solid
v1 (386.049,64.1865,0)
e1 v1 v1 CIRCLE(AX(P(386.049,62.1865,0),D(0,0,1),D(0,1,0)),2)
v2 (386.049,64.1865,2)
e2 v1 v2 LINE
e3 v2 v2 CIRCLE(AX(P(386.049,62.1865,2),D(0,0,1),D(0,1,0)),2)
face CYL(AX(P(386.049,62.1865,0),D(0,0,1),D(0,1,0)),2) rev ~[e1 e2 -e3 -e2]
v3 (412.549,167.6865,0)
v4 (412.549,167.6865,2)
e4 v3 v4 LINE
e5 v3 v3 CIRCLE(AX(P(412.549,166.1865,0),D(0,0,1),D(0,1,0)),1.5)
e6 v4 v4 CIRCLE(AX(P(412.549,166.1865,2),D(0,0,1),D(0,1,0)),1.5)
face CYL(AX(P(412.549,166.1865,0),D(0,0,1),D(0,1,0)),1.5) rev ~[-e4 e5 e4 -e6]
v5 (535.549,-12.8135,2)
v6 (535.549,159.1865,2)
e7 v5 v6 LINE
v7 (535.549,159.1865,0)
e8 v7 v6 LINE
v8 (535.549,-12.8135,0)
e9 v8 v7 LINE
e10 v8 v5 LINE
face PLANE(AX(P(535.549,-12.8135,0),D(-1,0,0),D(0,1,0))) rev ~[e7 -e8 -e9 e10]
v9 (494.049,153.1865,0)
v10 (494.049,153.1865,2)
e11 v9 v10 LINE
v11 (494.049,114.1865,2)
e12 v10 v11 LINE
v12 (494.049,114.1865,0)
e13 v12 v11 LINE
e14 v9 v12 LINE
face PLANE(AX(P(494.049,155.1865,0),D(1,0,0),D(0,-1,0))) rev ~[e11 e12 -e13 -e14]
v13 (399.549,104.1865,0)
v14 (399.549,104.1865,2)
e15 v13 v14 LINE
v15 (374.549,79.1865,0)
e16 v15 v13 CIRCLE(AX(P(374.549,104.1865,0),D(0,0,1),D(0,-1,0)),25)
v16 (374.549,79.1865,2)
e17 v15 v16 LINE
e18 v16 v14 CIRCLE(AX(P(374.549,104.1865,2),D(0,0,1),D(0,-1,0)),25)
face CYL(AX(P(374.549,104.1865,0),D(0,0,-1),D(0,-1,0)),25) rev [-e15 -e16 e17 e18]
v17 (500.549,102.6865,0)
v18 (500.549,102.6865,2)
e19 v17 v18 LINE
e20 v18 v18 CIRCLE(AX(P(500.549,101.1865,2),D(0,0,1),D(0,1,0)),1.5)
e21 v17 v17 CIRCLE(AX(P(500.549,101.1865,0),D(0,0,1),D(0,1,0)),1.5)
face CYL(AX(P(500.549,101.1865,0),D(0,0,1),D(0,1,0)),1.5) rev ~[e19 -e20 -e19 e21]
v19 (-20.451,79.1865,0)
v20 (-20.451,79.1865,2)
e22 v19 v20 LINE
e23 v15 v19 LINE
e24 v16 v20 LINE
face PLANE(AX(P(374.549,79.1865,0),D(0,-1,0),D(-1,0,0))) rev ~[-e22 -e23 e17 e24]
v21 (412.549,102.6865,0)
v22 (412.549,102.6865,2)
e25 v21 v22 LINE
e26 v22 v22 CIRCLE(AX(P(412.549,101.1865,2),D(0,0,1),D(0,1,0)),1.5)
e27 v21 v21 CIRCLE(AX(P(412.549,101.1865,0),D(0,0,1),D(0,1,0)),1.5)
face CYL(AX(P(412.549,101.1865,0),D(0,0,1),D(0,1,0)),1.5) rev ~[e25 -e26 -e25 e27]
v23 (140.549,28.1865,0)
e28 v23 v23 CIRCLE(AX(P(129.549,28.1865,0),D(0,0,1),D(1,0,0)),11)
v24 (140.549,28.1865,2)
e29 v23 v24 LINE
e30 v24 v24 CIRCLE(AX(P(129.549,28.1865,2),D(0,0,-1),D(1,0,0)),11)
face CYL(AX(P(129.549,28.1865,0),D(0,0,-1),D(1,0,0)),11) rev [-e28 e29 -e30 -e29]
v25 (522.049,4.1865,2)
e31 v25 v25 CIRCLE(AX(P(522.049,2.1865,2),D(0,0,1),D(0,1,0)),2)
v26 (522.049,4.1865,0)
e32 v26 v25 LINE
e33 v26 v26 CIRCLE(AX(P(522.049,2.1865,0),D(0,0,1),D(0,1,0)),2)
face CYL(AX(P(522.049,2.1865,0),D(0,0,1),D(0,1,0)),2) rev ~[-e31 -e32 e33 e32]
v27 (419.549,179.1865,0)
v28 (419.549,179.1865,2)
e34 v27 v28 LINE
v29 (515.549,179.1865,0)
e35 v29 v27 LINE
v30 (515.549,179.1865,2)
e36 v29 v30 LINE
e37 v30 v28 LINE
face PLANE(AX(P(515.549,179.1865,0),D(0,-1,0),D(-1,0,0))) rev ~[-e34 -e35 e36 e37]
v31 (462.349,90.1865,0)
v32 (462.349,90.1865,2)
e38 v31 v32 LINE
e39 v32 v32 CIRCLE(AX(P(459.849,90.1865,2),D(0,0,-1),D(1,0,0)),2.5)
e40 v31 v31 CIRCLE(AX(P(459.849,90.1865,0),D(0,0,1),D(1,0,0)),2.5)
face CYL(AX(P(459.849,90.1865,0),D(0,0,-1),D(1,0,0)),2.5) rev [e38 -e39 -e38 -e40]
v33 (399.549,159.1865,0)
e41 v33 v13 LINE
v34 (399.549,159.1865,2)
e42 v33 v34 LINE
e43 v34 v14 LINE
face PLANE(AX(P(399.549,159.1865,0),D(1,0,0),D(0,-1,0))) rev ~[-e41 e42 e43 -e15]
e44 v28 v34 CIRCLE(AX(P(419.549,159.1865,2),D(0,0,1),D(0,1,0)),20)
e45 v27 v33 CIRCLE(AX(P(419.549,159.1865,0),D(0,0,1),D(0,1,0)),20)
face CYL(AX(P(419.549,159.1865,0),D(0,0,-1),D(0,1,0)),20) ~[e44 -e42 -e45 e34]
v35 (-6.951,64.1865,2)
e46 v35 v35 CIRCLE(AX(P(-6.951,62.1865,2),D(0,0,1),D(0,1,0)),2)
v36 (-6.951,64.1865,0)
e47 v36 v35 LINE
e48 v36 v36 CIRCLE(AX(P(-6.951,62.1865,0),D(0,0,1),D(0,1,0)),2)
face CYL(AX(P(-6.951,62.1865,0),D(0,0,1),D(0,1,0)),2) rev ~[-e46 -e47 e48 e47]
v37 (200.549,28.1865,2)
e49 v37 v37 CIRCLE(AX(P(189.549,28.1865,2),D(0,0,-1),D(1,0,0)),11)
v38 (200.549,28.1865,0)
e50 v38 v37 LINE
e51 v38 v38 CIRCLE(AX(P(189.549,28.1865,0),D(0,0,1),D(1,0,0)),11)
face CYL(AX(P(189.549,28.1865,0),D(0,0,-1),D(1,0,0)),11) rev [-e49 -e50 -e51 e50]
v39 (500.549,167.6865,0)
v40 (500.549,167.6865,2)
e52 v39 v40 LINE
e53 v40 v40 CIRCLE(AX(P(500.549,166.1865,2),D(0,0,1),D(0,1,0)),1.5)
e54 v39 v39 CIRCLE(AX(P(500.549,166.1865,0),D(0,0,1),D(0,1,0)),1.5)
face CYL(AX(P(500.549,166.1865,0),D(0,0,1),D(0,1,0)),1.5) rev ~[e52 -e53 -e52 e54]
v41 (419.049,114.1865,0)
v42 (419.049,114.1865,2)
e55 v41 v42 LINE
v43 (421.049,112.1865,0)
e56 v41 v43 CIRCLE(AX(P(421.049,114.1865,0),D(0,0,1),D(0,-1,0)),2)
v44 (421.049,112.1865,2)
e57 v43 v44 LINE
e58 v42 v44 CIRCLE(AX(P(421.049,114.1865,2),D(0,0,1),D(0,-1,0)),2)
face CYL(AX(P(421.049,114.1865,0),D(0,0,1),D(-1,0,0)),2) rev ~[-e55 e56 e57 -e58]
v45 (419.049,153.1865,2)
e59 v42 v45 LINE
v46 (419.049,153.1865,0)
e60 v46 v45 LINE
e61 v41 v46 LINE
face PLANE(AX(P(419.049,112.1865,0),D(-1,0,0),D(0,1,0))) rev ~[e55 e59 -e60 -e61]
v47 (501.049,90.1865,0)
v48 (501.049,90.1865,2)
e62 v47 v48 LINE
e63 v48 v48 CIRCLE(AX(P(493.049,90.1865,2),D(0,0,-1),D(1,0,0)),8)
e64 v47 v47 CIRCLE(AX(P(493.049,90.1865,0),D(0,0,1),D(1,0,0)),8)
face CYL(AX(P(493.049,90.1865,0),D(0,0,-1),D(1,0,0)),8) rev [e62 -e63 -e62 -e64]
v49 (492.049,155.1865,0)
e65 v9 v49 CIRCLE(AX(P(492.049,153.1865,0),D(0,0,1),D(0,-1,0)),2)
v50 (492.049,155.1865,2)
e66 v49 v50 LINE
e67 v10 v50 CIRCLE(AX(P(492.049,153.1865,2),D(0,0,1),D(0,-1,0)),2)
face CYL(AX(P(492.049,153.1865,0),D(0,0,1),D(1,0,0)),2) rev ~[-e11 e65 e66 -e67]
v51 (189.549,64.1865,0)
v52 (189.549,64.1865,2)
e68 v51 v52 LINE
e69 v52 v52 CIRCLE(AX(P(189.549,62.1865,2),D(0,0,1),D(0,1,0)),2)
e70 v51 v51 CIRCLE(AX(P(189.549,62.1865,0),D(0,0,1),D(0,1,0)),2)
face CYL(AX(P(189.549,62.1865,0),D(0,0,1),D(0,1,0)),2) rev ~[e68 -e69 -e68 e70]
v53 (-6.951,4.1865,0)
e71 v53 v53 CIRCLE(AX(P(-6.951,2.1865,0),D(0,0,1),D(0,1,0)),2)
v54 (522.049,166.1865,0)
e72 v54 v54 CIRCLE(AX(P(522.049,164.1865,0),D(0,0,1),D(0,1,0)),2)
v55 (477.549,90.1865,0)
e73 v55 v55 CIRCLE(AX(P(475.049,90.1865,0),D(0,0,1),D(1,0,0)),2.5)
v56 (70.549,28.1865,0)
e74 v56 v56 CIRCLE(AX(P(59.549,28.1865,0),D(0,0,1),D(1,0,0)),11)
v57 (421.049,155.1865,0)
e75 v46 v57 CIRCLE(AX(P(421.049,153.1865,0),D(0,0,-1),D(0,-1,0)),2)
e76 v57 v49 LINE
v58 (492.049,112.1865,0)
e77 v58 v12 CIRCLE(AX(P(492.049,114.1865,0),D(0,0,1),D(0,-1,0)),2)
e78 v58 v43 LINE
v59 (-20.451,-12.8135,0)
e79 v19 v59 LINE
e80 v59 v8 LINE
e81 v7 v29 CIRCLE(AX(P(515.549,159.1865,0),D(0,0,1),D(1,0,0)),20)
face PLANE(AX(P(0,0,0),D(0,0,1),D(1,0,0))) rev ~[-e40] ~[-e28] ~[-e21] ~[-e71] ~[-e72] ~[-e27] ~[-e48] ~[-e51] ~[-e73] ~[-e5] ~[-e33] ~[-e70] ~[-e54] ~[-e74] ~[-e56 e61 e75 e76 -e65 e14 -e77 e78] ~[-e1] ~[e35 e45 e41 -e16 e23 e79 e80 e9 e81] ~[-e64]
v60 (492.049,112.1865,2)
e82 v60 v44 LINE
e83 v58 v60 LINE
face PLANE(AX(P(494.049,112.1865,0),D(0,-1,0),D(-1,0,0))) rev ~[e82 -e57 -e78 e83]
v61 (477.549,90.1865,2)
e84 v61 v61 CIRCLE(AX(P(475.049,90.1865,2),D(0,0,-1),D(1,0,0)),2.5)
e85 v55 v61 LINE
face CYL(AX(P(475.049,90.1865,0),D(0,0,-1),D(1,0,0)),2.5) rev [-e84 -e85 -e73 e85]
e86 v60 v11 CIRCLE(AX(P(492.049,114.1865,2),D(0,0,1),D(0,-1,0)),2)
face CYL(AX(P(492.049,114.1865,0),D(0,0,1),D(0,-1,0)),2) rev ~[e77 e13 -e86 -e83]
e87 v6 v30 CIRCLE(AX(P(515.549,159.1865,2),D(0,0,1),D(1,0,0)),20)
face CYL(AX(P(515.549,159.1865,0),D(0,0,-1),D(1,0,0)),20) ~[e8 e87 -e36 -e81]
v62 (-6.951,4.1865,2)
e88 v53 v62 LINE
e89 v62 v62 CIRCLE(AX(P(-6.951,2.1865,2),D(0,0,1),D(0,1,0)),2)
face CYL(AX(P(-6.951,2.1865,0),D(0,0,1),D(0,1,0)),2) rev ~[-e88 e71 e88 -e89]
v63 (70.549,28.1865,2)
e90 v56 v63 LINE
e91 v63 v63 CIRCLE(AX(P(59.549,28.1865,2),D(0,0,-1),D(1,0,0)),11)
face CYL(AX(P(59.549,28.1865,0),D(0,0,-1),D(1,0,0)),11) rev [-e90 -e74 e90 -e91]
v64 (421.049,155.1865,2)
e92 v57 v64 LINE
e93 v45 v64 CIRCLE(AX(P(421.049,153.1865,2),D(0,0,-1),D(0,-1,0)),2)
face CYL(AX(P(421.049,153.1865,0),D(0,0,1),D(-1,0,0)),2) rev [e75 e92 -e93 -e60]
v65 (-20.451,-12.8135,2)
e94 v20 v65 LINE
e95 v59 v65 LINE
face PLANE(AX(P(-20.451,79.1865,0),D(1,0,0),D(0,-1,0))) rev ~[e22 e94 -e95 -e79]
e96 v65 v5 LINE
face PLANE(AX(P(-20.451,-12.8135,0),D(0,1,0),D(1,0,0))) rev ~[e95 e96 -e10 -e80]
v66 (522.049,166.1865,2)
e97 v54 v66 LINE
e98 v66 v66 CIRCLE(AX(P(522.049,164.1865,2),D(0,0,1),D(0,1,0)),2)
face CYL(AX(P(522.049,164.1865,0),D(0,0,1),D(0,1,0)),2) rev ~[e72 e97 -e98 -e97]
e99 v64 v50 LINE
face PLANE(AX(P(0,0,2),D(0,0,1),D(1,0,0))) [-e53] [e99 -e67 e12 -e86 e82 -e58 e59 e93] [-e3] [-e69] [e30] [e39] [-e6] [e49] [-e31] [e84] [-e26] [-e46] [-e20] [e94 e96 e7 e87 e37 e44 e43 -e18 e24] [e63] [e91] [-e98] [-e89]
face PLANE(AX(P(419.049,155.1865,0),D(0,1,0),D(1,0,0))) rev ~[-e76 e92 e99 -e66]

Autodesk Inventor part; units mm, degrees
ref_plane "YZ Plane" through (0, 0, 0) normal (1, 0, 0) x (0, 1, 0)
ref_plane "XZ Plane" through (0, 0, 0) normal (0, 1, 0) x (-1, 0, 0)
ref_plane "XY Plane" through (0, 0, 0) normal (0, 0, 1) x (1, 0, 0)
sketch "Szkic1" plane through (0, 0, 0) normal (0, 0, 1) x (1, 0, 0)
  line L0 (-20.451, -12.8135) -> (535.549, -12.8135)
  line L1 (535.549, -12.8135) -> (535.549, 159.1865)
  line L2 (515.549, 179.1865) -> (419.549, 179.1865)
  line L3 (399.549, 159.1865) -> (399.549, 104.1865)
  line L4 (374.549, 79.1865) -> (-20.451, 79.1865)
  line L5 (-20.451, 79.1865) -> (-20.451, -12.8135)
  line L6 (419.049, 155.1865) -> (494.049, 155.1865)
  line L7 (494.049, 155.1865) -> (494.049, 112.1865)
  line L8 (494.049, 112.1865) -> (419.049, 112.1865)
  line L9 (419.049, 112.1865) -> (419.049, 155.1865)
  arc A0 (374.549, 79.1865) -> (399.549, 104.1865) centre (374.549, 104.1865) ccw
  arc A1 (419.549, 179.1865) -> (399.549, 159.1865) centre (419.549, 159.1865) ccw
  arc A2 (535.549, 159.1865) -> (515.549, 179.1865) centre (515.549, 159.1865) ccw
  circle A3 centre (493.049, 90.1865) radius 8
  circle A4 centre (475.049, 90.1865) radius 2.5
  circle A5 centre (459.849, 90.1865) radius 2.5
  circle A6 centre (189.549, 28.1865) radius 11
  circle A7 centre (129.549, 28.1865) radius 11
  circle A8 centre (59.549, 28.1865) radius 11
  point P0 (0, 0)
  point P1 (535.549, 179.1865)
  point P2 (399.549, 179.1865)
  point P3 (399.549, 79.1865)
  point P4 (500.549, 166.1865)
  point P5 (500.549, 101.1865)
  point P6 (412.549, 101.1865)
  point P7 (412.549, 166.1865)
  point P8 (386.049, 62.1865)
  point P9 (522.049, 164.1865)
  point P10 (522.049, 2.1865)
  point P11 (-6.951, 2.1865)
  point P12 (-6.951, 62.1865)
  point P13 (189.549, 62.1865)
  dimension "d0" = 556
  dimension "d1" = 92
  dimension "d2" = 100
  dimension "d3" = 136
  dimension "d6" = 75
  dimension "d7" = 43
  dimension "d8" = 24
  dimension "d12" = 25
  dimension "d13" = 20
  dimension "d14" = 20
  dimension "d15" = 41.5
  dimension "d18" = 6.5
  dimension "d19" = 6.5
  dimension "d20" = 6.5
  dimension "d21" = 6.5
  dimension "d22" = 11
  dimension "d23" = 11
  dimension "d24" = 11
  dimension "d25" = 11
  dimension "d33" = 16
  dimension "d34" = 5
  dimension "d35" = 5
  dimension "d40" = 18
  dimension "d41" = 15.2
  dimension "d44" = 13.5
  dimension "d45" = 13.5
  dimension "d46" = 13.5
  dimension "d47" = 13.5
  dimension "d48" = 17
  dimension "d49" = 17
  dimension "d50" = 17
  dimension "d58" = 15
  dimension "d59" = 15
  dimension "d60" = 15
  dimension "d61" = 13.5
  dimension "d62" = 393
  dimension "d63" = 196.5
  dimension "d64" = 22
  dimension "d65" = 22
  dimension "d66" = 22
  dimension "d67" = 41
  dimension "d68" = 41
  dimension "d69" = 41
  dimension "d71" = 70
  dimension "d72" = 60
  dimension "d73" = 80
  dimension "d74" = 88
  dimension "d75" = 65
  dimension "d79" = 65
  dimension "d80" = 7.5
  dimension "d81" = 11
  dimension "d82" = 11
  dimension "d83" = 11
extrude "Wyciągnięcie proste2" add sketch "Szkic1" along normal blind 2 contours L5 L4 A0 L3 A1 L2 A2 L1 L0 | A3 | A4 | A5 | A6 | A7 | A8
fillet "Zaokrąglenie1" radius 2 4 edges at (419.049, 112.1865, 1) (494.049, 112.1865, 1) (494.049, 155.1865, 1) (419.049, 155.1865, 1)
hole "Otwór1" at (500.549, 166.1865, 0) at (500.549, 101.1865, 0) at (412.549, 101.1865, 0) at (412.549, 166.1865, 0) direction (0, 0, 1) diameter 3 end through all
extrude "Wyciągnięcie proste3" cut sketch "Szkic1" along normal blind 10 contours A3 | A4 | A5 | A6 | A7 | A8
hole "Otwór2" at (386.049, 62.1865, 0) at (522.049, 164.1865, 0) at (522.049, 2.1865, 0) at (-6.951, 2.1865, 0) at (-6.951, 62.1865, 0) at (189.549, 62.1865, 0) direction (0, 0, 1) diameter 4 end through all
equation "\"d23\" = d22"
equation "\"d24\" = d22"
equation "\"d25\" = d22"
equation "\"d45\" = d44"
equation "\"d46\" = d44"
equation "\"d47\" = d44"
equation "\"d50\" = d48"
equation "\"d59\" = d58"
equation "\"d61\" = d46"
equation "\"d63\" = 0.5 * d62"
equation "\"d68\" = d67"
equation "\"d69\" = d67"
properties part number "LC_ALU_2mm_Front_Plate"
